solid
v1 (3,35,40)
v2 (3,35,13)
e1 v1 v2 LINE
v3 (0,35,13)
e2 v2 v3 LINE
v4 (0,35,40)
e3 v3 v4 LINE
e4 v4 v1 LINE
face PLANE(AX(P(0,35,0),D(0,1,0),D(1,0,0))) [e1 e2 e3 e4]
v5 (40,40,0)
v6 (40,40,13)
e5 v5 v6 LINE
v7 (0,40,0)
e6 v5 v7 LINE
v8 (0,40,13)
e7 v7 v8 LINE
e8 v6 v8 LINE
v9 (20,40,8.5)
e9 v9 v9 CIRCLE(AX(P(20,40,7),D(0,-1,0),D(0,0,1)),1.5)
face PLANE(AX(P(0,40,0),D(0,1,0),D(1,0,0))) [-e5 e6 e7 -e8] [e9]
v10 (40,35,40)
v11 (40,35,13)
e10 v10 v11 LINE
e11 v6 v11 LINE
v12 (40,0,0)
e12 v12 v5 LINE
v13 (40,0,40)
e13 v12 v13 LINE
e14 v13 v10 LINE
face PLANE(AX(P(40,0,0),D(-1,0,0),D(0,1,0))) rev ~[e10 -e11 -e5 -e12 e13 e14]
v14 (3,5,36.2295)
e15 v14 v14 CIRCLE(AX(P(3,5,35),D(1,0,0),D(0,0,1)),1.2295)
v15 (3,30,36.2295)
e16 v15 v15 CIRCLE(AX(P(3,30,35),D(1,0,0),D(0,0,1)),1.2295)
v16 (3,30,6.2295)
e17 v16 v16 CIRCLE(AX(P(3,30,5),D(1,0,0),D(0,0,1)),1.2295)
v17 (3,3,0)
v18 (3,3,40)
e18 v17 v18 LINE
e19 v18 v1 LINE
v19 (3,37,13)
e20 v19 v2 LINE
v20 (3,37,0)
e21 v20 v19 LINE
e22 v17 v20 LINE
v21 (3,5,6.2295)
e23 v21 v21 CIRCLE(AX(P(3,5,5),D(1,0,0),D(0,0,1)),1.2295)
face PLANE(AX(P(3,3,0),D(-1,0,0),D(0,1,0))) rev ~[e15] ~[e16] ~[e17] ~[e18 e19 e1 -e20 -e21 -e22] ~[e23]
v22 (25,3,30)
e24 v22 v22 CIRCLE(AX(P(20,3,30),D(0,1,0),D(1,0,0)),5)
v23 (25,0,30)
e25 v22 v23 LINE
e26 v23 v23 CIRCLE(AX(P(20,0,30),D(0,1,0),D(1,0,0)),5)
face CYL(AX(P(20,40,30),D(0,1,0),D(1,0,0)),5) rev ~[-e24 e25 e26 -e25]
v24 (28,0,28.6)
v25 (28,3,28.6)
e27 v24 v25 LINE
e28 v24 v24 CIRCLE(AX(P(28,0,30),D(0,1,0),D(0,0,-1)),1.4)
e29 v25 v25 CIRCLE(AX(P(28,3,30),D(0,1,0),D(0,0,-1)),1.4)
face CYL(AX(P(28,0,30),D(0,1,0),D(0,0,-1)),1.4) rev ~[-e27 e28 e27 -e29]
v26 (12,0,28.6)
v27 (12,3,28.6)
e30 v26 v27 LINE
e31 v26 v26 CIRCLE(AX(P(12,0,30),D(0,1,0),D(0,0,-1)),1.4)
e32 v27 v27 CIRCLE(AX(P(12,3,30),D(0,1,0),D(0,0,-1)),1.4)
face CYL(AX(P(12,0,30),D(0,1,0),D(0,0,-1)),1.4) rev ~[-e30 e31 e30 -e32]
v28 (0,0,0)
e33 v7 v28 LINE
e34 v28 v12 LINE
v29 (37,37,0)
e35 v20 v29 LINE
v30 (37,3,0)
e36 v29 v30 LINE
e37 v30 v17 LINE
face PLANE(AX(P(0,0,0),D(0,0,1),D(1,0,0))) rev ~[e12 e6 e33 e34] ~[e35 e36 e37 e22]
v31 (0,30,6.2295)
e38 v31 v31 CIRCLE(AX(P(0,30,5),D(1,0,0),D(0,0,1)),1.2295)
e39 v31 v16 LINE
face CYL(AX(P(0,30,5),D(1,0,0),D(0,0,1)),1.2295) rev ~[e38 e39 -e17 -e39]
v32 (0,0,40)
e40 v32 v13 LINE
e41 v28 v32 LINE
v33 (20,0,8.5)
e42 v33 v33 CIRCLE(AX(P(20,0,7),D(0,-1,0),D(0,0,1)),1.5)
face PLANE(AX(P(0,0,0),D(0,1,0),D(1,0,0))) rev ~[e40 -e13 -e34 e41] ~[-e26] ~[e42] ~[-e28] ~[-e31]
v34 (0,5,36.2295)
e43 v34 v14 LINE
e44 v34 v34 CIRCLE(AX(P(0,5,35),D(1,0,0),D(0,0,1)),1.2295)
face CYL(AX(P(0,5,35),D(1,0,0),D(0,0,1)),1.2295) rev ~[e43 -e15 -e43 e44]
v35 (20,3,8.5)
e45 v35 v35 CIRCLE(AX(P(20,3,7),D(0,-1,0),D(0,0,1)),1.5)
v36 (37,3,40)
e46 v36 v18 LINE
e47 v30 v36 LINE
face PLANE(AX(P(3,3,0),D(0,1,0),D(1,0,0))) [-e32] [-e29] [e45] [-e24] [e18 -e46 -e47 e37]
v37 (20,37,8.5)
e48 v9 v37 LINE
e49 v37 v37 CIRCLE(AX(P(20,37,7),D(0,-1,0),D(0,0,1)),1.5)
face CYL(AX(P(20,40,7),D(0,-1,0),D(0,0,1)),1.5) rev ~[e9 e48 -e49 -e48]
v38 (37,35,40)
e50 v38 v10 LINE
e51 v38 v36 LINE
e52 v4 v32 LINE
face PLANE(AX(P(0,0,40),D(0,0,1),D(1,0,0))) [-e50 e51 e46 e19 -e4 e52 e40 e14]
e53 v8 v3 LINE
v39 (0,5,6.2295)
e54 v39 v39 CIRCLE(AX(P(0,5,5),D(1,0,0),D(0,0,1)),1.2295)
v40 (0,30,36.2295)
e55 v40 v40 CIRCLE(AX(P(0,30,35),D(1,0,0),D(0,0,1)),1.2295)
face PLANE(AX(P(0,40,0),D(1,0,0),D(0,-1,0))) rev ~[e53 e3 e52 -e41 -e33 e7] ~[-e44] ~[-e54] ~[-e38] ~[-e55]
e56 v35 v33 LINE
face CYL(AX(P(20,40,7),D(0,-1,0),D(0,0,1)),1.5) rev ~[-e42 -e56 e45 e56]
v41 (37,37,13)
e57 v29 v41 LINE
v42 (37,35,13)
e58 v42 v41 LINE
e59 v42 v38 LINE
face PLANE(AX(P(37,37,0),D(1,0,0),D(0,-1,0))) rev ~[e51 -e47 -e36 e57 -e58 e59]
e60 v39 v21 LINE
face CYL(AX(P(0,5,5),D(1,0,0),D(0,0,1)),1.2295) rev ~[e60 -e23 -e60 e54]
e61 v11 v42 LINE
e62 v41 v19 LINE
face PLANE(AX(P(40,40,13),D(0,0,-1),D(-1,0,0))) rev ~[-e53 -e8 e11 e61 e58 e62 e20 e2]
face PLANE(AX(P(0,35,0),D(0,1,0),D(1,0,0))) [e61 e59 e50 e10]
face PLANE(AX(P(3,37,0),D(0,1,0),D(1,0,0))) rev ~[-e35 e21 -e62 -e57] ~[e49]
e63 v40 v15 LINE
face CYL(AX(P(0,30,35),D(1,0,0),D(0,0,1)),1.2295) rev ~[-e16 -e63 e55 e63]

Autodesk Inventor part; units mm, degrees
ref_plane "YZ Plane" through (0, 0, 0) normal (1, 0, 0) x (0, 1, 0)
ref_plane "XZ Plane" through (0, 0, 0) normal (0, 1, 0) x (-1, 0, 0)
ref_plane "XY Plane" through (0, 0, 0) normal (0, 0, 1) x (1, 0, 0)
sketch "スケッチ1" plane through (0, 0, 0) normal (0, 0, 1) x (1, 0, 0)
  line L0 (0, 0) -> (40, 0)
  line L1 (40, 0) -> (40, 40)
  line L2 (40, 40) -> (0, 40)
  line L3 (0, 40) -> (0, 0)
  line L4 (3, 37) -> (37, 37)
  line L5 (37, 37) -> (37, 3)
  line L6 (37, 3) -> (3, 3)
  line L7 (3, 3) -> (3, 37)
  dimension "d0" = 40
  dimension "d1" = 40
  dimension "d2" = 3
extrude "押し出し1" add sketch "スケッチ1" along normal blind 40
sketch "スケッチ2" plane through (0, 40, 0) normal (0, 1, 0) x (1, 0, 0)
  line L0 (0, -40) -> (40, -40) projected
  line L1 (0, -40) -> (40, -40)
  line L2 (40, -40) -> (40, -13)
  line L3 (40, -13) -> (0, -13)
  line L4 (0, -13) -> (0, -40)
  point P0 (0, 0)
  dimension "d5" = 40
  dimension "d6" = 27
extrude "押し出し2" cut sketch "スケッチ2" against normal blind 5
sketch "スケッチ3" plane through (0, 40, 0) normal (0, 1, 0) x (1, 0, 0)
  circle A0 centre (20, -6.5) radius 1.5
  circle A1 centre (20, -30) radius 5
  line L0 (0, -13) -> (40, -13) projected
  line L1 (37, -40) -> (3, -40) projected
  point P0 (0, 0)
  dimension "d9" = 3
  dimension "d10" = 10
  dimension "d11" = 6.5
  dimension "d12" = 10
extrude "押し出し3" cut sketch "スケッチ3" against normal through all
sketch "スケッチ4" plane through (0, 0, 0) normal (0, -1, 0) x (1, 0, 0)
  circle A0 centre (20, 30) radius 5 projected
  circle A1 centre (20, 6.5) radius 1.5 projected
  line L0 (20, 30) -> (20, 6.5) construction
  line L1 (40, 0) -> (40, 40) construction
  line L2 (0, 40) -> (40, 40) construction
  circle A2 centre (28, 30) radius 1.4 construction
  circle A3 centre (12, 30) radius 1.4 construction
  point P0 (0, 0)
  dimension "d15" = 12
  dimension "d16" = 10
  dimension "d17" = 2.8
  dimension "d18" = 2.8
hole "穴1" at (12, 0, 30) at (28, 0, 30) direction (0, 1, 0) diameter 2.8 end through all
sketch "スケッチ5" plane through (40, 0, 0) normal (1, 0, 0) x (0, 0, -1)
  point P0 (0, 0)
sketch "スケッチ6" plane through (0, 0, 0) normal (-1, 0, 0) x (0, 0, 1)
  line L0 (0, 0) -> (40, 0) projected
  line L1 (0, 40) -> (0, 0) projected
  point P0 (5, 5)
  point P1 (35, 5)
  point P2 (5, 30)
  point P3 (35, 30)
  dimension "d26" = 5
  dimension "d27" = 5
  dimension "d30" = 30
  dimension "d33" = 25
hole "穴2" at (0, 5, 5) at (0, 5, 35) at (0, 30, 5) at (0, 30, 35) direction (1, 0, 0) diameter 2.459 depth 3 thread size "M3x0.5" class "6H" standard "ISO Metric profile"
sketch "スケッチ7" plane through (40, 0, 0) normal (1, 0, 0) x (0, 0, -1)
  point P0 (0, 0)
sketch "スケッチ8" plane through (0, 40, 0) normal (0, 1, 0) x (1, 0, 0)
  circle A0 centre (20, -6.5) radius 1.5 projected
  circle A1 centre (20, -6.5) radius 1.5
  point P0 (0, 0)
extrude "押し出し4" add sketch "スケッチ8" against normal blind 3
sketch "スケッチ9" plane through (3, 3, 0) normal (0, 1, 0) x (1, 0, 0)
  circle A0 centre (17, -6.5) radius 1.5 projected
  circle A1 centre (17, -6.5) radius 1.5
  point P0 (-3, 0)
extrude "押し出し5" add sketch "スケッチ9" against normal blind 3
sketch "スケッチ10" plane through (0, 40, 0) normal (0, 1, 0) x (1, 0, 0)
  line L0 (40, 0) -> (40, -13) projected
  line L1 (40, 0) -> (0, 0) projected
  point P0 (20, -7)
  dimension "d47" = 20
  dimension "d48" = 7
hole "穴3" at (20, 40, 7) direction (0, -1, 0) diameter 3 end through all
properties part number "RD006_ギヤボックス右" material "アルミニウム 6061"
